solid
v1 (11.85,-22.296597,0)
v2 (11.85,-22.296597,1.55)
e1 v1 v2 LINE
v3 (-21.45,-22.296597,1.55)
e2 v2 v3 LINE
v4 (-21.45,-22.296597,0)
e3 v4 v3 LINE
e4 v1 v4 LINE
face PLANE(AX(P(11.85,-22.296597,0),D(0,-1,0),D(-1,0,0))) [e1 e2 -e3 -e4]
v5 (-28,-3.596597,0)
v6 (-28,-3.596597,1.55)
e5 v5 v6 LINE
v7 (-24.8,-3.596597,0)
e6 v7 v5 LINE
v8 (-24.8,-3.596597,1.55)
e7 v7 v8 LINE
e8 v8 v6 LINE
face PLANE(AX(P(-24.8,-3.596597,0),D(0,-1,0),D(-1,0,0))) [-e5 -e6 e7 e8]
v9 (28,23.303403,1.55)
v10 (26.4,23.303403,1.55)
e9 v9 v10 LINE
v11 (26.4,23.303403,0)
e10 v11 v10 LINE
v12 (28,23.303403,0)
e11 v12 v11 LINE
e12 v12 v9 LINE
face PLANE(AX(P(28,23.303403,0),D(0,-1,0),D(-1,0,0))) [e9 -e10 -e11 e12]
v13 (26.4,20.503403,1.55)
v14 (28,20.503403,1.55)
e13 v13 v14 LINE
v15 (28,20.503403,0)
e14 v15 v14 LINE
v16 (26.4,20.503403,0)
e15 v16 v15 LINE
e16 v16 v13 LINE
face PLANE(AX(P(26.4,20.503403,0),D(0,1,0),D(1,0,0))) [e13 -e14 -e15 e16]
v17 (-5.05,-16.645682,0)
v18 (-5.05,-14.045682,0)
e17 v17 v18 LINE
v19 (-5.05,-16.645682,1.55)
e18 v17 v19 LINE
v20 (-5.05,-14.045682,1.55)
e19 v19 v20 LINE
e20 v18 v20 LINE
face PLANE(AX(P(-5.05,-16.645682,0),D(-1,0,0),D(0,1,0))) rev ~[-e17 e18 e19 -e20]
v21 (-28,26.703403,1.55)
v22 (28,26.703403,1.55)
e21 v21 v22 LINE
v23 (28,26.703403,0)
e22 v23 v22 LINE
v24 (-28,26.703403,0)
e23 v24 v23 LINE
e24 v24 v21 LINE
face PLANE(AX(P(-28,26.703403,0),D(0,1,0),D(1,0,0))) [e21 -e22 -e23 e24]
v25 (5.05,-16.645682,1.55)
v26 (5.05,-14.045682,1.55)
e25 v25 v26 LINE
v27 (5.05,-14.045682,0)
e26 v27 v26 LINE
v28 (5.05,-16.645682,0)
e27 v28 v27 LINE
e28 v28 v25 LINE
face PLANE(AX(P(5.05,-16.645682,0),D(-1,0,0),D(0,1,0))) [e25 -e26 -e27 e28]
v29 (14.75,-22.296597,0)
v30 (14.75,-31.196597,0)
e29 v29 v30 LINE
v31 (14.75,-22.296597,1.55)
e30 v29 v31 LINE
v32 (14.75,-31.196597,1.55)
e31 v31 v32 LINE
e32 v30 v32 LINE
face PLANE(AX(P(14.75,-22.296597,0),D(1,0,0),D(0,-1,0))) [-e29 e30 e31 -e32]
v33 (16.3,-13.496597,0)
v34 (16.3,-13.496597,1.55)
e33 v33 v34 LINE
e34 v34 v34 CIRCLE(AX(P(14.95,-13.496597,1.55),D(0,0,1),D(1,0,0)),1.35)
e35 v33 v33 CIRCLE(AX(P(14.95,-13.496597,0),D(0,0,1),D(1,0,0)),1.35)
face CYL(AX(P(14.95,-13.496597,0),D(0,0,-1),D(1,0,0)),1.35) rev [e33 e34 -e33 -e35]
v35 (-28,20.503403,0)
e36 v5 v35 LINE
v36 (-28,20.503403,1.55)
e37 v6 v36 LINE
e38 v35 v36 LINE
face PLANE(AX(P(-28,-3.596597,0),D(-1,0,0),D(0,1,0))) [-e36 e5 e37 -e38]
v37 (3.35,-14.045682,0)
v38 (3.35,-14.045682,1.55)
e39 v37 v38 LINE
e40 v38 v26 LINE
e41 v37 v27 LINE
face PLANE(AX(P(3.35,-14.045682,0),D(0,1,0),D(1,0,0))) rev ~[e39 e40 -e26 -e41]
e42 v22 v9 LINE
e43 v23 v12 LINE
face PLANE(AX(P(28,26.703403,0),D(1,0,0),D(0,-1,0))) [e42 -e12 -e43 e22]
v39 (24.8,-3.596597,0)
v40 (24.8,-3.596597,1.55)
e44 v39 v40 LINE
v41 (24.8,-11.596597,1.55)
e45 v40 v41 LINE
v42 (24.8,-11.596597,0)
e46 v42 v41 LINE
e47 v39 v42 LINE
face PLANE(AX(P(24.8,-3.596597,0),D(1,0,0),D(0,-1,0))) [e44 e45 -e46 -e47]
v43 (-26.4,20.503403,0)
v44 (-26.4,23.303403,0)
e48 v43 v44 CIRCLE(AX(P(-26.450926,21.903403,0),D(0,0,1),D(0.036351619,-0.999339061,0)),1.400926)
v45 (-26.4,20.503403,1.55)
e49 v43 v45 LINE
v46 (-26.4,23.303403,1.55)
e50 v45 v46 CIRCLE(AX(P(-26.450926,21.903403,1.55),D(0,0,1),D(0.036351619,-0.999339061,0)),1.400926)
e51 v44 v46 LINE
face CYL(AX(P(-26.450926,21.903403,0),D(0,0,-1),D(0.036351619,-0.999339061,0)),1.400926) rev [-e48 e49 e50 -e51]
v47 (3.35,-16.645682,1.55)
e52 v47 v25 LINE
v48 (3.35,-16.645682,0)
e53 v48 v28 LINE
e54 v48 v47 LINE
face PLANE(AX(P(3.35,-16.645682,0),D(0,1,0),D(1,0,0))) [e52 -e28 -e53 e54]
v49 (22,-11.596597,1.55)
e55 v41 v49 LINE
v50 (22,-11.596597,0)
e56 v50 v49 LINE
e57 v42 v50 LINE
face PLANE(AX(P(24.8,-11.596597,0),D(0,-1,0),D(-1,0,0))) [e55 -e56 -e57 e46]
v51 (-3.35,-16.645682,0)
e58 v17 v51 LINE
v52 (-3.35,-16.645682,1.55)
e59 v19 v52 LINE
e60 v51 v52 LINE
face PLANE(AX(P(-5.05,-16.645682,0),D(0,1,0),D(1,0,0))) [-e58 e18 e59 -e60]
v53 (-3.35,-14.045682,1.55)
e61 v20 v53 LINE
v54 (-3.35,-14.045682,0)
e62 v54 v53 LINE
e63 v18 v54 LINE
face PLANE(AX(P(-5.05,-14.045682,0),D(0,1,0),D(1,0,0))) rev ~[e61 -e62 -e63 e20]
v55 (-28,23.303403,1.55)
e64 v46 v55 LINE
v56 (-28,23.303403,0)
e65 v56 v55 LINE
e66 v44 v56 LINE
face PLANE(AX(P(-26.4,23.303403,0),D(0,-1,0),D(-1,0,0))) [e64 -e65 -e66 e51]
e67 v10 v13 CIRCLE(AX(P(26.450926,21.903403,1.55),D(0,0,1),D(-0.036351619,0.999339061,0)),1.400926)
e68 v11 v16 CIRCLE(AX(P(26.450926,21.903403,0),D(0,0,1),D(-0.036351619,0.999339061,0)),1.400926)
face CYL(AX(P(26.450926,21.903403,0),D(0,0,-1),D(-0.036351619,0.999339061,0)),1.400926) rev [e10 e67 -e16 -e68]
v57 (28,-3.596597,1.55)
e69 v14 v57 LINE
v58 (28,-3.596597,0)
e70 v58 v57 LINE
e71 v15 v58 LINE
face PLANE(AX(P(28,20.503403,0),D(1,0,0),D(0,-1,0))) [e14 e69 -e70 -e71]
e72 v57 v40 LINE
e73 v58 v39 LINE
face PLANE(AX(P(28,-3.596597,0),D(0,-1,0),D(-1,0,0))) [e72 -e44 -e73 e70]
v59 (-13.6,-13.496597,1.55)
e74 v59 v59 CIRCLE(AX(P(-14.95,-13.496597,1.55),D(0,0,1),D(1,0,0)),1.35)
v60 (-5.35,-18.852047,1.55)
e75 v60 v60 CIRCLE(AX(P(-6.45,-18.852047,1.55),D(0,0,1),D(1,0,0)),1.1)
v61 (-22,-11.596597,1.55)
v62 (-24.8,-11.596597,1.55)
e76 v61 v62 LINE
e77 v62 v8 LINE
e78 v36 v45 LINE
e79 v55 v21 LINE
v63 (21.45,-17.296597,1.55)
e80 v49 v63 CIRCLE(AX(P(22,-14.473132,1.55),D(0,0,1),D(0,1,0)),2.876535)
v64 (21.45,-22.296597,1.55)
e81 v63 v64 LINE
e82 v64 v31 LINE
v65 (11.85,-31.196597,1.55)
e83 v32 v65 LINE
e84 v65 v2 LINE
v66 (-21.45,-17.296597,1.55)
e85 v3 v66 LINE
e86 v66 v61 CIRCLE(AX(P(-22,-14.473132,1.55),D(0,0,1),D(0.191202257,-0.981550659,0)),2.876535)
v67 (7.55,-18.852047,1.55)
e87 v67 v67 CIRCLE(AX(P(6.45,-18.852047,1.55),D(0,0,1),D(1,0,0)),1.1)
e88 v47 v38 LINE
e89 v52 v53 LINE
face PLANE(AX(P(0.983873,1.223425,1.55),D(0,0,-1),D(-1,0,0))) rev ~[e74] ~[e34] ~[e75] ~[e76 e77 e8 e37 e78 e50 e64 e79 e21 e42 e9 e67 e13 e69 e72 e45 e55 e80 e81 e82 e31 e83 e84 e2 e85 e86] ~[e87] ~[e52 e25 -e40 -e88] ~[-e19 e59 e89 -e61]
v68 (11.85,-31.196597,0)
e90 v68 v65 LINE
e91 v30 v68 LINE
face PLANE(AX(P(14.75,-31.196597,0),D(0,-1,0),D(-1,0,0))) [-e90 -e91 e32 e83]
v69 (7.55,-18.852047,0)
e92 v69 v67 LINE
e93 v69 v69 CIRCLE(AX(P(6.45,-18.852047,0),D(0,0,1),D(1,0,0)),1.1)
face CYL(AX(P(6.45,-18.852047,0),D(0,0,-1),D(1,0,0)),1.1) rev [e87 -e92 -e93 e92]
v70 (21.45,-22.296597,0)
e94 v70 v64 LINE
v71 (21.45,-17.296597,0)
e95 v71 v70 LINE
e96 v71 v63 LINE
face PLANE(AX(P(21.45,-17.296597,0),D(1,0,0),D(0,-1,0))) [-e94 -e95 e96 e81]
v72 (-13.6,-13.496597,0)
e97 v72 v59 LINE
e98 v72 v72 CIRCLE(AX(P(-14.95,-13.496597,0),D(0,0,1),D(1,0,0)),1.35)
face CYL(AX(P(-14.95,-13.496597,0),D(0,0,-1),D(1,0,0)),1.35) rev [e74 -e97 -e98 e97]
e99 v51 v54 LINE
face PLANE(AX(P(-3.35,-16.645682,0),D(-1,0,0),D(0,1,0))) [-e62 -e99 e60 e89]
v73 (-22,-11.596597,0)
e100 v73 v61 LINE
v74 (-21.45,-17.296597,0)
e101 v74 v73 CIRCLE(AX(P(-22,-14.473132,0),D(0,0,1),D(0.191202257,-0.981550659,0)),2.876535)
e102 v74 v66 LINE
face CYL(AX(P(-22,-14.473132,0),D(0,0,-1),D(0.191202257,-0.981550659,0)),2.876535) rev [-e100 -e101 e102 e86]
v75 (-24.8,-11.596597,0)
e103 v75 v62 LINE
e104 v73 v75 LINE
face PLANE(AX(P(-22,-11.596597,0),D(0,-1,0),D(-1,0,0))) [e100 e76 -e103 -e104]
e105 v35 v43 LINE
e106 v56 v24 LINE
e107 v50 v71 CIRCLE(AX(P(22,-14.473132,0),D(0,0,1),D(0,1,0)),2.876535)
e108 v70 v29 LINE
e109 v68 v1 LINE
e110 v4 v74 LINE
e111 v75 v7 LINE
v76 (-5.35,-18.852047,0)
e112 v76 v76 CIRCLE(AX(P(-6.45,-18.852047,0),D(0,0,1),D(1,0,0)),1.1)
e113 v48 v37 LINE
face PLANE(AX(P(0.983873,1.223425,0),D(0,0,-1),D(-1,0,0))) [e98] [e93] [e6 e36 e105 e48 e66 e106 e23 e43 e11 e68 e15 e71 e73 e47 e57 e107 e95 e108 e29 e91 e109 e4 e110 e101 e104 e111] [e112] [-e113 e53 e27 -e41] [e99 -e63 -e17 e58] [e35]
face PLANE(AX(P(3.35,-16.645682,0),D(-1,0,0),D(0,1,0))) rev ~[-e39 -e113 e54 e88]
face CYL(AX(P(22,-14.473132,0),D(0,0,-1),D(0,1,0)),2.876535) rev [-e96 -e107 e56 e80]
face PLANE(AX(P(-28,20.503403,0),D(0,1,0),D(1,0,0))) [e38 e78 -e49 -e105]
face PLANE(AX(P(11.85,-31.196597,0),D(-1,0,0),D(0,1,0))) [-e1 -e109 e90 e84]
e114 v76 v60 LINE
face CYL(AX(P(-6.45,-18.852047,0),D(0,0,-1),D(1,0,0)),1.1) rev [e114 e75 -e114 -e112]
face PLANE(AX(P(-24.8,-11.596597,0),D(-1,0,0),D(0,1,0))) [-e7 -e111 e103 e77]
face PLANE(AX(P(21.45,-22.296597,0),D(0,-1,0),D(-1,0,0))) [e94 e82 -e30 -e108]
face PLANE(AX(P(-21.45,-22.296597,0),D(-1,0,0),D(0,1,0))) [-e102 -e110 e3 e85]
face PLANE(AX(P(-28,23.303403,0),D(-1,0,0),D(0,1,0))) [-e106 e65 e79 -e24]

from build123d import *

# Parameters (mm, degrees)
SKIZZE1_R                       = 1.35
SKIZZE1_R_2                     = 1.1
SKIZZE1_W                       = 1.7
SKIZZE1_H                       = 2.6
AUFSATZ_LINEAR_AUSTRAGEN1_DEPTH = 1.55


with BuildPart() as part:
    # Skizze1 → Aufsatz-Linear austragen1 (new body)
    with BuildSketch(Plane.XY):
        with BuildLine():
            Line((-28, 23.303403096), (-28, 26.703403096))
            Line((-28, 26.703403096), (28, 26.703403096))
            Line((28, 26.703403096), (28, 23.303403096))
            Line((28, 23.303403096), (26.4, 23.303403096))
            ThreePointArc((26.4, 23.303403096), (25.05, 21.903403096), (26.4, 20.503403096))
            Line((26.4, 20.503403096), (28, 20.503403096))
            Line((28, 20.503403096), (28, -3.596596904))
            Line((28, -3.596596904), (24.8, -3.596596904))
            Line((24.8, -3.596596904), (24.8, -11.596596904))
            Line((24.8, -11.596596904), (22, -11.596596904))
            ThreePointArc((22, -11.596596904), (19.136763195, -14.196854756), (21.45, -17.296596904))
            Line((21.45, -17.296596904), (21.45, -22.296596904))
            Line((21.45, -22.296596904), (14.75, -22.296596904))
            Line((14.75, -22.296596904), (14.75, -31.196596904))
            Line((14.75, -31.196596904), (11.85, -31.196596904))
            Line((11.85, -31.196596904), (11.85, -22.296596904))
            Line((11.85, -22.296596904), (-21.45, -22.296596904))
            Line((-21.45, -22.296596904), (-21.45, -17.296596904))
            ThreePointArc((-21.45, -17.296596904), (-19.136763195, -14.196854756), (-22, -11.596596904))
            Line((-22, -11.596596904), (-24.8, -11.596596904))
            Line((-24.8, -11.596596904), (-24.8, -3.596596904))
            Line((-24.8, -3.596596904), (-28, -3.596596904))
            Line((-28, -3.596596904), (-28, 20.503403096))
            Line((-28, 20.503403096), (-26.4, 20.503403096))
            ThreePointArc((-26.4, 20.503403096), (-25.05, 21.903403096), (-26.4, 23.303403096))
            Line((-26.4, 23.303403096), (-28, 23.303403096))
        make_face()
        with Locations((14.95, -13.496596904)):
            Circle(SKIZZE1_R, mode=Mode.SUBTRACT)
        with Locations((-14.95, -13.496596904)):
            Circle(SKIZZE1_R, mode=Mode.SUBTRACT)
        with Locations((6.45, -18.852047487)):
            Circle(SKIZZE1_R_2, mode=Mode.SUBTRACT)
        with Locations((-6.45, -18.852047487)):
            Circle(SKIZZE1_R_2, mode=Mode.SUBTRACT)
        with Locations((-4.2, -15.345681582)):
            Rectangle(SKIZZE1_W, SKIZZE1_H, mode=Mode.SUBTRACT)
        with Locations((4.2, -15.345681582)):
            Rectangle(SKIZZE1_W, SKIZZE1_H, mode=Mode.SUBTRACT)
    extrude(amount=AUFSATZ_LINEAR_AUSTRAGEN1_DEPTH)


solid = part.part
